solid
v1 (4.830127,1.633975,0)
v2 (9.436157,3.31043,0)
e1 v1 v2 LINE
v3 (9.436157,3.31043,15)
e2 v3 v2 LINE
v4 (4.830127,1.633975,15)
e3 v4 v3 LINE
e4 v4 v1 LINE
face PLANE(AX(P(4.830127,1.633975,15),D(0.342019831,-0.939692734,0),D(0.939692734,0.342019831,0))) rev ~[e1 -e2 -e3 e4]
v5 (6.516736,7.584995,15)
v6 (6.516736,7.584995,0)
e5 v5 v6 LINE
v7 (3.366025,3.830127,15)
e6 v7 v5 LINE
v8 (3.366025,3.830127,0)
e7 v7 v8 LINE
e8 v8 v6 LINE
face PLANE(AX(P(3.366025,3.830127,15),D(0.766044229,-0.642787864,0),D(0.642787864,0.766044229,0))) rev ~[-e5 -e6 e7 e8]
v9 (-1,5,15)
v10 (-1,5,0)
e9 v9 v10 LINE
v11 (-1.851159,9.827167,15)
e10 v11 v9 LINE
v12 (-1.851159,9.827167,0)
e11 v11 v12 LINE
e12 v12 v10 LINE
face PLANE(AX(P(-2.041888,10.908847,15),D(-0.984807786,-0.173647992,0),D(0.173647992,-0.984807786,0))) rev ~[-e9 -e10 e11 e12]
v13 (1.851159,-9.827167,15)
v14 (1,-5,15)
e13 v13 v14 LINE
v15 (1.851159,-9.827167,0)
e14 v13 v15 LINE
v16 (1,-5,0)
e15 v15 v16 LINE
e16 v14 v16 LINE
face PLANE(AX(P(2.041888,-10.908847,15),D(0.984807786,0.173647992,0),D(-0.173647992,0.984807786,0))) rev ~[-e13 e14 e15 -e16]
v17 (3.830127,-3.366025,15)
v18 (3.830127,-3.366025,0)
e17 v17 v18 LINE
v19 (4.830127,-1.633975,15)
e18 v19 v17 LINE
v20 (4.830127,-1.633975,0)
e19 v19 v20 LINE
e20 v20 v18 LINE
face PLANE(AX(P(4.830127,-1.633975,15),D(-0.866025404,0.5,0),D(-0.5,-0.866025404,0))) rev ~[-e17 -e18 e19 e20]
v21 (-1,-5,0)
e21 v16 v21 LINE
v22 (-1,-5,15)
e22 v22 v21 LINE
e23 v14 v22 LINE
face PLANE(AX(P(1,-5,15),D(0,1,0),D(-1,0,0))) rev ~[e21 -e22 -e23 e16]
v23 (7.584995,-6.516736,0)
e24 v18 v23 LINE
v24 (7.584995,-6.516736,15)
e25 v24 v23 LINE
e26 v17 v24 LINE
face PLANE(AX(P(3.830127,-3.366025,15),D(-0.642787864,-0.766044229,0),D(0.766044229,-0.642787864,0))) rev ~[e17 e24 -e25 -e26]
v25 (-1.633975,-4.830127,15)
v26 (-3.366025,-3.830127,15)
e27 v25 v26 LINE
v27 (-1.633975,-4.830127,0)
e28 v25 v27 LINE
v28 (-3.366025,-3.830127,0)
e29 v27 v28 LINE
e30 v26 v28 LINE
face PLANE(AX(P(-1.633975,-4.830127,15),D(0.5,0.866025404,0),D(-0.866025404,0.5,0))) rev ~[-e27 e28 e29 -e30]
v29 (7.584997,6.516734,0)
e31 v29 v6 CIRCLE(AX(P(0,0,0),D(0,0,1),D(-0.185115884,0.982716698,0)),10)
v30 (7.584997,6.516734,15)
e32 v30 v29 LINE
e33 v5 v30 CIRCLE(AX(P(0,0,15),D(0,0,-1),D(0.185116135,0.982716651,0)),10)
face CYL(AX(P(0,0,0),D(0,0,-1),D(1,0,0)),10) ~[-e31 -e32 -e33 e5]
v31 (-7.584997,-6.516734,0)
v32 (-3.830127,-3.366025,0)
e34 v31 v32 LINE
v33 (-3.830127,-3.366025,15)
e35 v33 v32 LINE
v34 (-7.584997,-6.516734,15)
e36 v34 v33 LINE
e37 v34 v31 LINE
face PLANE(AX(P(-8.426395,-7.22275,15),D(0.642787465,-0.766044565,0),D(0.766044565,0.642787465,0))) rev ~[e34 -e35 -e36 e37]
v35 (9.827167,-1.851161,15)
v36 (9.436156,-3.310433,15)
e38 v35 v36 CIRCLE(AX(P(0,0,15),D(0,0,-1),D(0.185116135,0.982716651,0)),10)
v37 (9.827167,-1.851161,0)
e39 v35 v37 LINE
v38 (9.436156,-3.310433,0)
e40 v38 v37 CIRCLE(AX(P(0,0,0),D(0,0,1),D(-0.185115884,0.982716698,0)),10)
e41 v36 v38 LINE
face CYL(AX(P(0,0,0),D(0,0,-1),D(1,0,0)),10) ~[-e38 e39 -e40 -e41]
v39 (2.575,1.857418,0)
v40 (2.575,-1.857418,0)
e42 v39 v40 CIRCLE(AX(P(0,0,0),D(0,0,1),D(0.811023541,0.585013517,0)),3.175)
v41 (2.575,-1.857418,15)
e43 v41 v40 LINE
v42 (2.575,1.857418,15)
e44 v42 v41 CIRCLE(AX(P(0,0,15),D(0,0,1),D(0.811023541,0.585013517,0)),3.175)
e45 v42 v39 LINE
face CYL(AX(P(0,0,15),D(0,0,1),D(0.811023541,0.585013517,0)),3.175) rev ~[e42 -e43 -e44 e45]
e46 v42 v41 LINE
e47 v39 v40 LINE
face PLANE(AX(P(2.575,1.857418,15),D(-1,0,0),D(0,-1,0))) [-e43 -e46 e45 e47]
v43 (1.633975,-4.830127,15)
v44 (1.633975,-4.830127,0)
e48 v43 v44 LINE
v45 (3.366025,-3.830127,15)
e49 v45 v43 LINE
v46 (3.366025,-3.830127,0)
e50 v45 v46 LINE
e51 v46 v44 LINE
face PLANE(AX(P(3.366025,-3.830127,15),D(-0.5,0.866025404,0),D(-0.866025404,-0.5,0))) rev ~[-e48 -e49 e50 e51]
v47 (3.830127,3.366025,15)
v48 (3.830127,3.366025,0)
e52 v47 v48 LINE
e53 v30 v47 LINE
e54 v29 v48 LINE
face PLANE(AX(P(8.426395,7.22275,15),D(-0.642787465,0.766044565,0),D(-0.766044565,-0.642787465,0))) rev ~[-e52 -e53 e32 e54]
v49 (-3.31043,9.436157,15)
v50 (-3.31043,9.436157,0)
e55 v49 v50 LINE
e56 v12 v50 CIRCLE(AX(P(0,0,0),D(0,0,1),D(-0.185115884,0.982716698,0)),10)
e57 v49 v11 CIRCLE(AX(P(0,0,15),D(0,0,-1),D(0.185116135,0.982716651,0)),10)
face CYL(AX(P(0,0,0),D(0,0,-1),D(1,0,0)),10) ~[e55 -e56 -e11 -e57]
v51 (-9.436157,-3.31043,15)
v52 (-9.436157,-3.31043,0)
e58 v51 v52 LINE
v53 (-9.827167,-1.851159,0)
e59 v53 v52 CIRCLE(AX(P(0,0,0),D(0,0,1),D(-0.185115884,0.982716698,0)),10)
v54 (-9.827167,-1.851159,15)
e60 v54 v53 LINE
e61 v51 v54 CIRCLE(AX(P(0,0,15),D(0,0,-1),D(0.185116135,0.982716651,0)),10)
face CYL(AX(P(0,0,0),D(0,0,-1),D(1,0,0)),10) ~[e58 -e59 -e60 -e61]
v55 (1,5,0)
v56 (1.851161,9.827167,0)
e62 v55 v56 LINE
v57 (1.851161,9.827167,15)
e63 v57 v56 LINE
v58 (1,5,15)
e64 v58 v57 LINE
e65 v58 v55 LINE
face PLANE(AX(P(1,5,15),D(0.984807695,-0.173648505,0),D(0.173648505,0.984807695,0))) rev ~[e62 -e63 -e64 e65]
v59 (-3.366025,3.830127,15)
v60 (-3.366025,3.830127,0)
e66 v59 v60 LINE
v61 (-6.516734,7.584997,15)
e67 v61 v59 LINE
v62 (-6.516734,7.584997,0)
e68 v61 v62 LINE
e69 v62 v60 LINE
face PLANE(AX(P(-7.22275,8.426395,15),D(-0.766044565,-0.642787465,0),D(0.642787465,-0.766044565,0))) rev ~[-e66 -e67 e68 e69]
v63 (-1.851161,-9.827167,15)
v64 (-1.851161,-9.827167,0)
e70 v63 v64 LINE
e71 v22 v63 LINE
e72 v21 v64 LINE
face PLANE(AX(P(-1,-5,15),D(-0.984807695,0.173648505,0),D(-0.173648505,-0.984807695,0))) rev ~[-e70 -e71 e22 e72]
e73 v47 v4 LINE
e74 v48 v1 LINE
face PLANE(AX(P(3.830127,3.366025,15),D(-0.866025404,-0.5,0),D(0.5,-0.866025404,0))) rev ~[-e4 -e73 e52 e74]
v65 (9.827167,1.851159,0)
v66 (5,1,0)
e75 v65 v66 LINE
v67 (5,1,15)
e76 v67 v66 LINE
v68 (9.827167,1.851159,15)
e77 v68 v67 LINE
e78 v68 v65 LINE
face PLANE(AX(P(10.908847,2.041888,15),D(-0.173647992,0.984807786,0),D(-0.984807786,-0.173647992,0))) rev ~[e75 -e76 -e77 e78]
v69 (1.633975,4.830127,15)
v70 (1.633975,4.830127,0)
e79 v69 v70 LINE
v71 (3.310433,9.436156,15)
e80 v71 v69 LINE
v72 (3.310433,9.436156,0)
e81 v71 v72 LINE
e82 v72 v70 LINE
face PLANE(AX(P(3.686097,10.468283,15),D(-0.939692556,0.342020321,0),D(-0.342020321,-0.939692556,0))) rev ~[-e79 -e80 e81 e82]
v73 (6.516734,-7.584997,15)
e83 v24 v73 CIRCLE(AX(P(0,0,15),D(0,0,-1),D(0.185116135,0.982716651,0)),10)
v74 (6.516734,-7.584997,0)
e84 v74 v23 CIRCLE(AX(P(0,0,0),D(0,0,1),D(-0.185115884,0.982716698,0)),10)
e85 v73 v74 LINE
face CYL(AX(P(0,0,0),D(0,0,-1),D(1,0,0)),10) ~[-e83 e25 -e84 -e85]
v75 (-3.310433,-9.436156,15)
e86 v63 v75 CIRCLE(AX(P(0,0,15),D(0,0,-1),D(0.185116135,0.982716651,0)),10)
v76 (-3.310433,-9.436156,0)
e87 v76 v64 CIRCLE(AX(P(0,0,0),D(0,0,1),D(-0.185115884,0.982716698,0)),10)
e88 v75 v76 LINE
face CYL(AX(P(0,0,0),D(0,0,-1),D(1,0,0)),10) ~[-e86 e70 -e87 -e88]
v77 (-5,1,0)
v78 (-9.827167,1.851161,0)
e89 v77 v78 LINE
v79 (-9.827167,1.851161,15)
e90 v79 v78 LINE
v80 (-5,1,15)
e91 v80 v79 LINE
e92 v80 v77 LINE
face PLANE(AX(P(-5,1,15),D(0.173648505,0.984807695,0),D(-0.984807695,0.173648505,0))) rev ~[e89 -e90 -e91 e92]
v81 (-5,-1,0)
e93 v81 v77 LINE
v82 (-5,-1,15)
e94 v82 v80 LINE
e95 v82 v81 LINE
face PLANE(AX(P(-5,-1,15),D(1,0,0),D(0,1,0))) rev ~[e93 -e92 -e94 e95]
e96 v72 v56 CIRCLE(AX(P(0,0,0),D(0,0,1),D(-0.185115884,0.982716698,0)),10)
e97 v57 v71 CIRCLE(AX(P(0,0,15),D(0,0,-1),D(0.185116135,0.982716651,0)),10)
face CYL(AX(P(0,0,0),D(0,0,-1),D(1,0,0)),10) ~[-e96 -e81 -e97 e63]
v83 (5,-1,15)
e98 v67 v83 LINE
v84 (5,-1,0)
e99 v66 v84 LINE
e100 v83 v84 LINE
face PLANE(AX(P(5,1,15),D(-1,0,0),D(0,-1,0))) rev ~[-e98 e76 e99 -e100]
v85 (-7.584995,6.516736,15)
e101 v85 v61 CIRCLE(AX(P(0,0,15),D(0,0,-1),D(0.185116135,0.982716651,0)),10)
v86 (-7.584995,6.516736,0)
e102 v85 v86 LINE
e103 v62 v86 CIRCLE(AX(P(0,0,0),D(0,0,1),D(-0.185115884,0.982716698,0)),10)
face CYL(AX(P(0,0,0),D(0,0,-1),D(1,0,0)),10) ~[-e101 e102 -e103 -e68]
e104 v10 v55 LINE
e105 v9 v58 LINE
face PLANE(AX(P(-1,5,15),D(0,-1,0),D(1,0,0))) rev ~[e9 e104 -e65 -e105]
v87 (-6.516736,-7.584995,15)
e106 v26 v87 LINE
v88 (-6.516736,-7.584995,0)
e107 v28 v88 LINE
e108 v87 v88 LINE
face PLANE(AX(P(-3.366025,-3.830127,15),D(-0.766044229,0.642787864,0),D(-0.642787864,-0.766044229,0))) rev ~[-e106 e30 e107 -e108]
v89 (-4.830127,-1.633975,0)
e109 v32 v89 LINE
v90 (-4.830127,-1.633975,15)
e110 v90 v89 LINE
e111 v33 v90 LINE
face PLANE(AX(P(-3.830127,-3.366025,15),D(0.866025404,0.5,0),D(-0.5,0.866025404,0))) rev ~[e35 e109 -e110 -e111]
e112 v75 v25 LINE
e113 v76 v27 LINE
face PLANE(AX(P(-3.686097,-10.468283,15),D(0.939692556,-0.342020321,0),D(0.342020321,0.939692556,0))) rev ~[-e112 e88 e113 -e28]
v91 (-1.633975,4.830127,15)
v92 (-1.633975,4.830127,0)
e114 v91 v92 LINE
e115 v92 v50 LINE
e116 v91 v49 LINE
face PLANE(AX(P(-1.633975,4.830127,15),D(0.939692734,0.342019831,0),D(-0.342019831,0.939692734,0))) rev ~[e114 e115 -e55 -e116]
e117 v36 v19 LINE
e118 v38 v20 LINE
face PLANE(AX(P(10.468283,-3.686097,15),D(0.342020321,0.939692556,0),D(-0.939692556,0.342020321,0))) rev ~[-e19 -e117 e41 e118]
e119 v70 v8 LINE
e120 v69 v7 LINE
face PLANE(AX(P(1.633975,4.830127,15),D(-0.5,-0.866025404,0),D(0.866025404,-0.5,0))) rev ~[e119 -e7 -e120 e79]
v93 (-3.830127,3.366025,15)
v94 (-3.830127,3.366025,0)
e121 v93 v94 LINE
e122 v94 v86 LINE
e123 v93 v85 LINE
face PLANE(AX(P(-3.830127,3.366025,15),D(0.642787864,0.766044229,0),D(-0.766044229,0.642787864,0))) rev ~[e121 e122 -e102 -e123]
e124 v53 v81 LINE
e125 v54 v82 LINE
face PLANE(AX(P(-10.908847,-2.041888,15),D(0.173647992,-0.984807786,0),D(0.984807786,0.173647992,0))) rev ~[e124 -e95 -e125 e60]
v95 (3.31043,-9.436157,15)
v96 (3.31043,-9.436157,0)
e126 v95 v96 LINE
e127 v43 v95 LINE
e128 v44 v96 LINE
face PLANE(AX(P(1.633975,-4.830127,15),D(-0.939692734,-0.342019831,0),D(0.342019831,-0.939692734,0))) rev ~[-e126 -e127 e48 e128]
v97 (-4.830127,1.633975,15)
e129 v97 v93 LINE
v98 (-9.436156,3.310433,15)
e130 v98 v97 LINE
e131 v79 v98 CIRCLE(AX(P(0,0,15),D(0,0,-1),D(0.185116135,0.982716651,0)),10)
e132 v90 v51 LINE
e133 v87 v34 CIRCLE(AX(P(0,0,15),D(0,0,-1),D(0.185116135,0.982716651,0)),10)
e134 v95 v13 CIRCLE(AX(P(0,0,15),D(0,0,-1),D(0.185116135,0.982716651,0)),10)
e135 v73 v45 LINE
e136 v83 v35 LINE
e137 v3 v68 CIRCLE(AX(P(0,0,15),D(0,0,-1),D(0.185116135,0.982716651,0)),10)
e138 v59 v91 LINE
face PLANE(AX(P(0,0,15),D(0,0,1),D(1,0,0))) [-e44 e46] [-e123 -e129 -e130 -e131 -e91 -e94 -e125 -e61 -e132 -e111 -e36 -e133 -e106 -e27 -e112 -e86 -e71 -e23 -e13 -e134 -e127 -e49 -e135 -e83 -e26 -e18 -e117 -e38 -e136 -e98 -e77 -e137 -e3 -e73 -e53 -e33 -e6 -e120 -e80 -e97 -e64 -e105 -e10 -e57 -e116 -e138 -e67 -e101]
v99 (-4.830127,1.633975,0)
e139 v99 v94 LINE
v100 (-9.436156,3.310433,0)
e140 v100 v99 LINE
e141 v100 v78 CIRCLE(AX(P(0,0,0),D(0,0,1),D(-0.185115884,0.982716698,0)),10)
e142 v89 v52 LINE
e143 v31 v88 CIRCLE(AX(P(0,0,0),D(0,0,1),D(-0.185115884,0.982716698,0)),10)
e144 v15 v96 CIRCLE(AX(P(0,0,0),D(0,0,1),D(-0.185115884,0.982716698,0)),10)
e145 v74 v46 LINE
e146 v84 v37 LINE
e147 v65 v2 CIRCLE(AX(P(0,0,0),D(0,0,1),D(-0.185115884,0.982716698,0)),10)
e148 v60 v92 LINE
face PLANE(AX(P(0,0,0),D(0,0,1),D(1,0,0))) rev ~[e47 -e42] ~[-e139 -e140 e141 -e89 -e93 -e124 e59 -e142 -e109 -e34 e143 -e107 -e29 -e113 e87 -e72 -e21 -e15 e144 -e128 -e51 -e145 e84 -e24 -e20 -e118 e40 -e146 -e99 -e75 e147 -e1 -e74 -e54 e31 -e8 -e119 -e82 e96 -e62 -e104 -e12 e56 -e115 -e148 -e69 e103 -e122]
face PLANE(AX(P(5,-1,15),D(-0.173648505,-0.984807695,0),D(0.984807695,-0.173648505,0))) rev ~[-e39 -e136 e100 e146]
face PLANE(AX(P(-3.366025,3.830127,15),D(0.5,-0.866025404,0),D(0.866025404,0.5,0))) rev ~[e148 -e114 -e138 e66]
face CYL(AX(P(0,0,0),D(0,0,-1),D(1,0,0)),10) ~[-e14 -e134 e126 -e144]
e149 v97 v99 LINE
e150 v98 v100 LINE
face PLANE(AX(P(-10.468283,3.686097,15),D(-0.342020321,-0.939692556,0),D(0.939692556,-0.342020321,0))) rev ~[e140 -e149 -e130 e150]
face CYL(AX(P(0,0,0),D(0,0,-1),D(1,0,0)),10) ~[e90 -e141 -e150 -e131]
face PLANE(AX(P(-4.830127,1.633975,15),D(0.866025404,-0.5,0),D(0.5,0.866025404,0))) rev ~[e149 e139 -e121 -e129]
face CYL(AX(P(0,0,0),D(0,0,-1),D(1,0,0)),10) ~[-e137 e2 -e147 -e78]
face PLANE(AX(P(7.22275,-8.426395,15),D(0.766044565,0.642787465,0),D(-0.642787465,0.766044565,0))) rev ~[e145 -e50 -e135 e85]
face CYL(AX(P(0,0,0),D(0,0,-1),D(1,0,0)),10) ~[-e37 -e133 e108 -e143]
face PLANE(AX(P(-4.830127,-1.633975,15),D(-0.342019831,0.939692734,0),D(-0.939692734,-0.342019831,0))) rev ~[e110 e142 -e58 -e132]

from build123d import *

# Parameters (mm, degrees)
SKETCH_R           = 10
PAD_DEPTH          = 15
POCKET_DEPTH       = 15.001
POCKET001_DEPTH    = 79.032242
POLARPATTERN_COUNT = 12


with BuildPart() as part:
    # Sketch → Pad (new body)
    with BuildSketch(Plane.XY):
        Circle(SKETCH_R)
    extrude(amount=PAD_DEPTH)

    # Sketch001 (on Face3 of Pad) → Pocket (cut, through all)
    with BuildSketch(Plane.XY.offset(15)):
        with BuildLine():
            ThreePointArc((2.575, 1.857418), (-3.175, 0), (2.575, -1.857418))
            Line((2.575, 1.857418), (2.575, -1.857418))
        make_face()
    extrude(amount=-POCKET_DEPTH, mode=Mode.SUBTRACT)

    # Sketch002 (on Face3 of Pocket) → Pocket001 (cut, through all)
    with BuildSketch(Plane.XY.offset(15)):
        Polygon((-1, 5), (1, 5), (2.041891, 10.908846), (-2.041888, 10.908847), align=None)
    pocket001 = extrude(amount=-POCKET001_DEPTH, mode=Mode.SUBTRACT)

    # PolarPattern: Pocket001 ×12 about axis
    polarpattern_axis = Axis((0, 0, 15), (0, 0, 1))
    for i in range(1, POLARPATTERN_COUNT):
        add(pocket001.rotate(polarpattern_axis, i * 360 / POLARPATTERN_COUNT), mode=Mode.SUBTRACT)


solid = part.part
